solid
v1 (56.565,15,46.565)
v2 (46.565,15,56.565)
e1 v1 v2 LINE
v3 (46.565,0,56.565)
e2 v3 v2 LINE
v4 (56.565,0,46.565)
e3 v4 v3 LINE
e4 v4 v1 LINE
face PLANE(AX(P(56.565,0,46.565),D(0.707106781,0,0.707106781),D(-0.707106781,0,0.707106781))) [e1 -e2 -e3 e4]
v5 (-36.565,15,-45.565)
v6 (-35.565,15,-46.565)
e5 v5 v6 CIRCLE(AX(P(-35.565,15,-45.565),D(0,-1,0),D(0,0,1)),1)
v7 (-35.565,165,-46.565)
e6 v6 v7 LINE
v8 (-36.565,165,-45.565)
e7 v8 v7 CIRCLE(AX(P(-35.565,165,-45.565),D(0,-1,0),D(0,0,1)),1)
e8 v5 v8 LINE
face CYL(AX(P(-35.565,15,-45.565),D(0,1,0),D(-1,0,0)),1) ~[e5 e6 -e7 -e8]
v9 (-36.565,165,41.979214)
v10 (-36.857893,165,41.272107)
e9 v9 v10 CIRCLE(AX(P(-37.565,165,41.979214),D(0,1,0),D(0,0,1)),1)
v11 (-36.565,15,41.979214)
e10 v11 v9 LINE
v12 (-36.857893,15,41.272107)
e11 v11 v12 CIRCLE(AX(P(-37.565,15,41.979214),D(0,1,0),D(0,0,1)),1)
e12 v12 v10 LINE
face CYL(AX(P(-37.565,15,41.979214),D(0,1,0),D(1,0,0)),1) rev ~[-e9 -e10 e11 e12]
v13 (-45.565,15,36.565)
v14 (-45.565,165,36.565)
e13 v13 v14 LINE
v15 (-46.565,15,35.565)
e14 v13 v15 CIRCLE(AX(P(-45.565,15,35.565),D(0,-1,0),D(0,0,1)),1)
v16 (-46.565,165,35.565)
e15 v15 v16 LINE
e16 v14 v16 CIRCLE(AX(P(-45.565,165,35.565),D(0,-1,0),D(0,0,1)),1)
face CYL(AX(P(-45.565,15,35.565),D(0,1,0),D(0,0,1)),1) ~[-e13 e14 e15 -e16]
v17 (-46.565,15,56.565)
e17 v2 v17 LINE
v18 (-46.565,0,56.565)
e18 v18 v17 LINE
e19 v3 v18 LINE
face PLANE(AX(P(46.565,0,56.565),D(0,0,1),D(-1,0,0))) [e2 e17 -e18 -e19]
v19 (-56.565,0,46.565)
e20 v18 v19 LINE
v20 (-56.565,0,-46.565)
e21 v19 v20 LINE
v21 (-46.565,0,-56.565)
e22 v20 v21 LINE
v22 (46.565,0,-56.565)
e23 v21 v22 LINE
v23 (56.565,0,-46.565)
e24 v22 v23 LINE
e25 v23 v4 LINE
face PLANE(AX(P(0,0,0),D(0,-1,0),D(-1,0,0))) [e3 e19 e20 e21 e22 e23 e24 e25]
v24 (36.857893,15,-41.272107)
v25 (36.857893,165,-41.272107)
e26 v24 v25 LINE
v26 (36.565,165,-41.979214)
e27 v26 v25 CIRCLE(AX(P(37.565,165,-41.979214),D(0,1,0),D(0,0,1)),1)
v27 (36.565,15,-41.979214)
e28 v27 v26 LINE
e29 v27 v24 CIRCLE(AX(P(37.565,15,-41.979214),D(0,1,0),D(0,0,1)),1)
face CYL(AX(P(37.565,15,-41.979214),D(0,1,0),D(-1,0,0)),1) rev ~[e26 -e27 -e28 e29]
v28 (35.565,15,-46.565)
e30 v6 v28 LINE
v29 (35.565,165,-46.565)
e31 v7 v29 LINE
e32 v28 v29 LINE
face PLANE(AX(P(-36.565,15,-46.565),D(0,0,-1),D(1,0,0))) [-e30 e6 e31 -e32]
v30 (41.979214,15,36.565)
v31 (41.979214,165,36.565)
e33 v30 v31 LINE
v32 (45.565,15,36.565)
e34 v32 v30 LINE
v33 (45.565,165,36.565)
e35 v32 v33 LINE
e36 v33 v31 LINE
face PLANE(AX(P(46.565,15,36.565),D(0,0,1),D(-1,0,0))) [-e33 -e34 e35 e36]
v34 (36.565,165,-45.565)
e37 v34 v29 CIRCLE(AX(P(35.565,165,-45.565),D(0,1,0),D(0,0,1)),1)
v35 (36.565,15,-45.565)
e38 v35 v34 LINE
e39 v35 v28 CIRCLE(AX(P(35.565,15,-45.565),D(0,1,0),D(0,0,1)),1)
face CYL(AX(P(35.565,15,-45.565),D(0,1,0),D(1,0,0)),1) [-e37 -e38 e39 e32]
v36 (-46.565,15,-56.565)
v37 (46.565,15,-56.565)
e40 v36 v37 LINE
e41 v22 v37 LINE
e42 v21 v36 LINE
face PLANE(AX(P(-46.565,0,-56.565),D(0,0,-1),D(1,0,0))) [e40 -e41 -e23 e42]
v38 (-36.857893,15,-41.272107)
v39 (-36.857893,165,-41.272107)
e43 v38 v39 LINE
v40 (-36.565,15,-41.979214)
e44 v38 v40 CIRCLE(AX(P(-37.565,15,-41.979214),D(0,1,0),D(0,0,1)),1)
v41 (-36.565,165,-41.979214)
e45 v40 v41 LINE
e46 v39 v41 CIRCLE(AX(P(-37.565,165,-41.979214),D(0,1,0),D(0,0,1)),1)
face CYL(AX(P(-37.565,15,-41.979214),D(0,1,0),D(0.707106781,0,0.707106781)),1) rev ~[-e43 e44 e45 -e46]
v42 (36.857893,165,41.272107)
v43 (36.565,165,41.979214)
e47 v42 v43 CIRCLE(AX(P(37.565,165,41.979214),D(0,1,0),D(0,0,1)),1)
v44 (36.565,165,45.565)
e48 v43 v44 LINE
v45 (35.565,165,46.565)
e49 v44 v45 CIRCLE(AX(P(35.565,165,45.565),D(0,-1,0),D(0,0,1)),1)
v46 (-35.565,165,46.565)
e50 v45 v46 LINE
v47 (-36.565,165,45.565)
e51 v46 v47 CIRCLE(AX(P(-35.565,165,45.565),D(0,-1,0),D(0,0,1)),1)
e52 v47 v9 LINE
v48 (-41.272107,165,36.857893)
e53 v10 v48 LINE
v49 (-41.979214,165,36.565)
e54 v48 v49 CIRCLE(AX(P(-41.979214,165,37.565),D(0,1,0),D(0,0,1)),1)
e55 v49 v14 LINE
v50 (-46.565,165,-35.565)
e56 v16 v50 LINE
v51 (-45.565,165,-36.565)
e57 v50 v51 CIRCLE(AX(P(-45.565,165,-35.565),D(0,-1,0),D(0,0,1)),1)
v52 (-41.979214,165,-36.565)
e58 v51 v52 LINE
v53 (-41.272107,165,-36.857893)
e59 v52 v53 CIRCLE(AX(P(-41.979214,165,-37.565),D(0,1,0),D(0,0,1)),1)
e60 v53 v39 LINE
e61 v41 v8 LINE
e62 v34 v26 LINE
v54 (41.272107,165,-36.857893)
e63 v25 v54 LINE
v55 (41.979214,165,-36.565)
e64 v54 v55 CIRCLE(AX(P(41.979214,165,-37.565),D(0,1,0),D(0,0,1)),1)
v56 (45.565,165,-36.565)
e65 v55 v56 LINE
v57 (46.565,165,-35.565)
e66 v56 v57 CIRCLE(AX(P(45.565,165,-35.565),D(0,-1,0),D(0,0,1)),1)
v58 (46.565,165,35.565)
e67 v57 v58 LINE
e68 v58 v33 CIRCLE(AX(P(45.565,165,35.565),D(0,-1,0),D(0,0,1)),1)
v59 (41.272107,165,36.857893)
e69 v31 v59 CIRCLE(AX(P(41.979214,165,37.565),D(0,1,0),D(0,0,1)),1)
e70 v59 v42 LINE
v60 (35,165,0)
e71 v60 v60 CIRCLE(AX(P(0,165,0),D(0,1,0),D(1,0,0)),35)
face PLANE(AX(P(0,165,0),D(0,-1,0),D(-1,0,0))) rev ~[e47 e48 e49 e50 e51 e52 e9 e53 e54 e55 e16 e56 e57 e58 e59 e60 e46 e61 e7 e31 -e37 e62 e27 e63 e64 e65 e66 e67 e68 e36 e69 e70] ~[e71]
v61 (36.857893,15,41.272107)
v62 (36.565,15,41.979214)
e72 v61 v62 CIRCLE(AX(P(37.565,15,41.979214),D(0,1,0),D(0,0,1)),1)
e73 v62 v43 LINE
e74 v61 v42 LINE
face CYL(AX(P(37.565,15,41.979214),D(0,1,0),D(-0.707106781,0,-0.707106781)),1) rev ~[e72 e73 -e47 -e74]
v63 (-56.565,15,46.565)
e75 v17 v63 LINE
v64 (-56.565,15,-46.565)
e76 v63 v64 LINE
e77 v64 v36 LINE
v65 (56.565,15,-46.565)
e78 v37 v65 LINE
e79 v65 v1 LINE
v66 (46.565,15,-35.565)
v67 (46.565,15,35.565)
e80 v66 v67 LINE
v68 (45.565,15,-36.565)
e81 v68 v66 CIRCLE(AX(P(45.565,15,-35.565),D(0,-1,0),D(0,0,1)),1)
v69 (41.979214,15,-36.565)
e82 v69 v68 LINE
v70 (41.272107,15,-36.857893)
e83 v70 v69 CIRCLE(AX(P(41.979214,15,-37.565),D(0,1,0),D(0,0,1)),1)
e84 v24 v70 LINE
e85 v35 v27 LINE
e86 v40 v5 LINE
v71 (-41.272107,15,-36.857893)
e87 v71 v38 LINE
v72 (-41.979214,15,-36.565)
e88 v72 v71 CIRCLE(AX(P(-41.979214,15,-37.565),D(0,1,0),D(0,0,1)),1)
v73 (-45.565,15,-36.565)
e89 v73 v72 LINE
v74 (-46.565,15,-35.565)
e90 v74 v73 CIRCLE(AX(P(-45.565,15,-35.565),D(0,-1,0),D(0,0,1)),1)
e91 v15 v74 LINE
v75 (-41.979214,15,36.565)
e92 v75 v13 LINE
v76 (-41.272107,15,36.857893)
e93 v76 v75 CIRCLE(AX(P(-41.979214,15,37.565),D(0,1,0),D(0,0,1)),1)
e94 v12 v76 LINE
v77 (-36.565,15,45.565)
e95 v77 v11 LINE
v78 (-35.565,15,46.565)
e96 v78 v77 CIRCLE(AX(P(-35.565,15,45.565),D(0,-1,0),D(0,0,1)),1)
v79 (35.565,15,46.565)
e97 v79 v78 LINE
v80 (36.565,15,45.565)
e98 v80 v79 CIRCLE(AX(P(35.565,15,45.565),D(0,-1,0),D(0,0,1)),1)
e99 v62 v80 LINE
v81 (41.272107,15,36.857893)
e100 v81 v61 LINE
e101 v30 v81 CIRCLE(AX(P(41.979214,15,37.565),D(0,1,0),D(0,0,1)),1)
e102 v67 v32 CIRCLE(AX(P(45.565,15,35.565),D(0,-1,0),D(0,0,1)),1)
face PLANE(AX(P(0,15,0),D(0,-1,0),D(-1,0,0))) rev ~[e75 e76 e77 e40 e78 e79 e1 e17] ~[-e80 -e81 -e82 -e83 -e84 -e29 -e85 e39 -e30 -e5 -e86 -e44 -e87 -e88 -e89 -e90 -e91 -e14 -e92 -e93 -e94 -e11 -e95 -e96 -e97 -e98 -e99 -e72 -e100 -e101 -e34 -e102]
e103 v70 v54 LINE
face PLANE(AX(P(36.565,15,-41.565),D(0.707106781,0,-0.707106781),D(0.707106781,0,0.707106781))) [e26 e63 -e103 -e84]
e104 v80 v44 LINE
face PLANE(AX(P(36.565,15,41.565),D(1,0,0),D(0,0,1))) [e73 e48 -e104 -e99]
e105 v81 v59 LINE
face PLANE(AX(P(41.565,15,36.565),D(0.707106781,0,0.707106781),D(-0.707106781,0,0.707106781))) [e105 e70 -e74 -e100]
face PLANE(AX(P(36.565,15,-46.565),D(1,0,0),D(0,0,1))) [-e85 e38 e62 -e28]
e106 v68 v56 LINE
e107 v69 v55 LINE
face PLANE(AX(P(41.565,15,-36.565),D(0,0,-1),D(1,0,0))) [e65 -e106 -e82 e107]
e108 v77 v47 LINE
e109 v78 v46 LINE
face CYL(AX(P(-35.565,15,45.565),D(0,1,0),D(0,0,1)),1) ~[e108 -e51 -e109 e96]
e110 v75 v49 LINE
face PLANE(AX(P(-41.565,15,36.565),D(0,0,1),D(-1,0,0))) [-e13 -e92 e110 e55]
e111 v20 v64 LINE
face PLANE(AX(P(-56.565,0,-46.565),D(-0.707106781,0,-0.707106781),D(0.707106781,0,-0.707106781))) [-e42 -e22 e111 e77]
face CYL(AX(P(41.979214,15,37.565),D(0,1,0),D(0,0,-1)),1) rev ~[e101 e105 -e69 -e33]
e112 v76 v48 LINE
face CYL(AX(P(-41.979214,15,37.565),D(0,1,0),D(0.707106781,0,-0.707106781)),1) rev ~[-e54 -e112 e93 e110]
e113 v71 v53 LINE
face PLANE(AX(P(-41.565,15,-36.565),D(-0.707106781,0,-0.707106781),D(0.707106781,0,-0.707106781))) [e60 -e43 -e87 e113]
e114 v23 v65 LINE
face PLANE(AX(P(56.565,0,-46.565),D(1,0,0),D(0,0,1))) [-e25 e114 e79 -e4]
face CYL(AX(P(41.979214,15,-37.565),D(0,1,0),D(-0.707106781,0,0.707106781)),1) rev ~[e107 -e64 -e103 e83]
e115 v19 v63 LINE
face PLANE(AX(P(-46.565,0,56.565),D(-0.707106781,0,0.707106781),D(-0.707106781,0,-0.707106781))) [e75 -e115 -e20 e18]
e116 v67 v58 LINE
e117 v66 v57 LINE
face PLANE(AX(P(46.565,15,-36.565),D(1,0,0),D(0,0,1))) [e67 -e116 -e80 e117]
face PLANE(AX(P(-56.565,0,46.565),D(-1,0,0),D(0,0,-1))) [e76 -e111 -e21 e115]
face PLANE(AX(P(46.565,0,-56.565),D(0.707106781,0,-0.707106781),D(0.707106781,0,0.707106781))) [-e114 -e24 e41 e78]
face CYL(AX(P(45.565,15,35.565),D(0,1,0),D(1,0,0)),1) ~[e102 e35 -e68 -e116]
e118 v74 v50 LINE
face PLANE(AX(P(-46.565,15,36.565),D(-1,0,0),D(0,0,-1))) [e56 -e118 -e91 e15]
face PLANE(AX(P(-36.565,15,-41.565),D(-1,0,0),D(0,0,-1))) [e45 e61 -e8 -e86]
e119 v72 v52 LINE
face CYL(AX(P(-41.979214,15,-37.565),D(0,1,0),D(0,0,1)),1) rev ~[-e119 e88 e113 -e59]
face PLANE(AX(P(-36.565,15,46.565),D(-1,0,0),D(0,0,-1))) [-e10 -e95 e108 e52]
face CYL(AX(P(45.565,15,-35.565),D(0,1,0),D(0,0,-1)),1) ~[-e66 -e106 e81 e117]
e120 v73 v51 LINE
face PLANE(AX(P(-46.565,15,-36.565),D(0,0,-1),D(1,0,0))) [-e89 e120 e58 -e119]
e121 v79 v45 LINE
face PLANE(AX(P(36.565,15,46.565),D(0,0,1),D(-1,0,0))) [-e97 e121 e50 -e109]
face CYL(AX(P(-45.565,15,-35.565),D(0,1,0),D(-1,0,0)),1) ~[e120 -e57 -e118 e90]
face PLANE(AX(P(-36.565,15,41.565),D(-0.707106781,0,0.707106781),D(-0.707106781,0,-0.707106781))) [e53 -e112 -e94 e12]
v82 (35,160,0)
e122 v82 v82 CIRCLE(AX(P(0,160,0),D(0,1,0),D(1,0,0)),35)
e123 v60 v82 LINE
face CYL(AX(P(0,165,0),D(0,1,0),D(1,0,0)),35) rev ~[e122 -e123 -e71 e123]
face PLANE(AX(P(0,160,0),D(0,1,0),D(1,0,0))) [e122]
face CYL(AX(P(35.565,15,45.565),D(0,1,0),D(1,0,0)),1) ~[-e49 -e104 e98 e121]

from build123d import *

# Parameters (mm, degrees)
BOSS_EXTRUDE1_DEPTH = 15
BOSS_EXTRUDE2_DEPTH = 150
FILLET1_R           = 1
SKETCH3_R           = 35
CUT_EXTRUDE1_DEPTH  = 5


with BuildPart() as part:
    # Sketch1 → Boss-Extrude1 (new body)
    with BuildSketch(Plane(origin=(0, 0, 0), x_dir=(1, 0, 0), z_dir=(0, 1, 0))):
        Polygon((-56.565, 46.565), (-46.565, 56.565), (46.565, 56.565), (56.565, 46.565), (56.565, -46.565), (46.565, -56.565), (-46.565, -56.565), (-56.565, -46.565), align=None)
    extrude(amount=BOSS_EXTRUDE1_DEPTH)

    # Sketch2 → Boss-Extrude2 (add)
    with BuildSketch(Plane(origin=(0, 15, 0), x_dir=(1, 0, 0), z_dir=(0, 1, 0))):
        Polygon((36.565, 46.565), (36.565, 41.565), (41.565, 36.565), (46.565, 36.565), (46.565, -36.565), (41.565, -36.565), (36.565, -41.565), (36.565, -46.565), (-36.565, -46.565), (-36.565, -41.565), (-41.565, -36.565), (-46.565, -36.565), (-46.565, 36.565), (-41.565, 36.565), (-36.565, 41.565), (-36.565, 46.565), align=None)
    extrude(amount=BOSS_EXTRUDE2_DEPTH)

    # Fillet1
    fillet1_edges = [part.edges().sort_by_distance(p)[0] for p in [
        (36.565, 90, -46.565),
        (-36.565, 90, -46.565),
        (-36.565, 90, -41.565),
        (-41.565, 90, -36.565),
        (-46.565, 90, -36.565),
        (-46.565, 90, 36.565),
        (-41.565, 90, 36.565),
        (-36.565, 90, 41.565),
        (-36.565, 90, 46.565),
        (36.565, 90, 46.565),
        (36.565, 90, 41.565),
        (41.565, 90, 36.565),
        (46.565, 90, 36.565),
        (46.565, 90, -36.565),
        (41.565, 90, -36.565),
        (36.565, 90, -41.565),
    ]]
    fillet(fillet1_edges, radius=FILLET1_R)

    # Sketch3 → Cut-Extrude1 (cut)
    with BuildSketch(Plane(origin=(0, 165, 0), x_dir=(1, 0, 0), z_dir=(0, 1, 0))):
        Circle(SKETCH3_R)
    extrude(amount=-CUT_EXTRUDE1_DEPTH, mode=Mode.SUBTRACT)


solid = part.part
